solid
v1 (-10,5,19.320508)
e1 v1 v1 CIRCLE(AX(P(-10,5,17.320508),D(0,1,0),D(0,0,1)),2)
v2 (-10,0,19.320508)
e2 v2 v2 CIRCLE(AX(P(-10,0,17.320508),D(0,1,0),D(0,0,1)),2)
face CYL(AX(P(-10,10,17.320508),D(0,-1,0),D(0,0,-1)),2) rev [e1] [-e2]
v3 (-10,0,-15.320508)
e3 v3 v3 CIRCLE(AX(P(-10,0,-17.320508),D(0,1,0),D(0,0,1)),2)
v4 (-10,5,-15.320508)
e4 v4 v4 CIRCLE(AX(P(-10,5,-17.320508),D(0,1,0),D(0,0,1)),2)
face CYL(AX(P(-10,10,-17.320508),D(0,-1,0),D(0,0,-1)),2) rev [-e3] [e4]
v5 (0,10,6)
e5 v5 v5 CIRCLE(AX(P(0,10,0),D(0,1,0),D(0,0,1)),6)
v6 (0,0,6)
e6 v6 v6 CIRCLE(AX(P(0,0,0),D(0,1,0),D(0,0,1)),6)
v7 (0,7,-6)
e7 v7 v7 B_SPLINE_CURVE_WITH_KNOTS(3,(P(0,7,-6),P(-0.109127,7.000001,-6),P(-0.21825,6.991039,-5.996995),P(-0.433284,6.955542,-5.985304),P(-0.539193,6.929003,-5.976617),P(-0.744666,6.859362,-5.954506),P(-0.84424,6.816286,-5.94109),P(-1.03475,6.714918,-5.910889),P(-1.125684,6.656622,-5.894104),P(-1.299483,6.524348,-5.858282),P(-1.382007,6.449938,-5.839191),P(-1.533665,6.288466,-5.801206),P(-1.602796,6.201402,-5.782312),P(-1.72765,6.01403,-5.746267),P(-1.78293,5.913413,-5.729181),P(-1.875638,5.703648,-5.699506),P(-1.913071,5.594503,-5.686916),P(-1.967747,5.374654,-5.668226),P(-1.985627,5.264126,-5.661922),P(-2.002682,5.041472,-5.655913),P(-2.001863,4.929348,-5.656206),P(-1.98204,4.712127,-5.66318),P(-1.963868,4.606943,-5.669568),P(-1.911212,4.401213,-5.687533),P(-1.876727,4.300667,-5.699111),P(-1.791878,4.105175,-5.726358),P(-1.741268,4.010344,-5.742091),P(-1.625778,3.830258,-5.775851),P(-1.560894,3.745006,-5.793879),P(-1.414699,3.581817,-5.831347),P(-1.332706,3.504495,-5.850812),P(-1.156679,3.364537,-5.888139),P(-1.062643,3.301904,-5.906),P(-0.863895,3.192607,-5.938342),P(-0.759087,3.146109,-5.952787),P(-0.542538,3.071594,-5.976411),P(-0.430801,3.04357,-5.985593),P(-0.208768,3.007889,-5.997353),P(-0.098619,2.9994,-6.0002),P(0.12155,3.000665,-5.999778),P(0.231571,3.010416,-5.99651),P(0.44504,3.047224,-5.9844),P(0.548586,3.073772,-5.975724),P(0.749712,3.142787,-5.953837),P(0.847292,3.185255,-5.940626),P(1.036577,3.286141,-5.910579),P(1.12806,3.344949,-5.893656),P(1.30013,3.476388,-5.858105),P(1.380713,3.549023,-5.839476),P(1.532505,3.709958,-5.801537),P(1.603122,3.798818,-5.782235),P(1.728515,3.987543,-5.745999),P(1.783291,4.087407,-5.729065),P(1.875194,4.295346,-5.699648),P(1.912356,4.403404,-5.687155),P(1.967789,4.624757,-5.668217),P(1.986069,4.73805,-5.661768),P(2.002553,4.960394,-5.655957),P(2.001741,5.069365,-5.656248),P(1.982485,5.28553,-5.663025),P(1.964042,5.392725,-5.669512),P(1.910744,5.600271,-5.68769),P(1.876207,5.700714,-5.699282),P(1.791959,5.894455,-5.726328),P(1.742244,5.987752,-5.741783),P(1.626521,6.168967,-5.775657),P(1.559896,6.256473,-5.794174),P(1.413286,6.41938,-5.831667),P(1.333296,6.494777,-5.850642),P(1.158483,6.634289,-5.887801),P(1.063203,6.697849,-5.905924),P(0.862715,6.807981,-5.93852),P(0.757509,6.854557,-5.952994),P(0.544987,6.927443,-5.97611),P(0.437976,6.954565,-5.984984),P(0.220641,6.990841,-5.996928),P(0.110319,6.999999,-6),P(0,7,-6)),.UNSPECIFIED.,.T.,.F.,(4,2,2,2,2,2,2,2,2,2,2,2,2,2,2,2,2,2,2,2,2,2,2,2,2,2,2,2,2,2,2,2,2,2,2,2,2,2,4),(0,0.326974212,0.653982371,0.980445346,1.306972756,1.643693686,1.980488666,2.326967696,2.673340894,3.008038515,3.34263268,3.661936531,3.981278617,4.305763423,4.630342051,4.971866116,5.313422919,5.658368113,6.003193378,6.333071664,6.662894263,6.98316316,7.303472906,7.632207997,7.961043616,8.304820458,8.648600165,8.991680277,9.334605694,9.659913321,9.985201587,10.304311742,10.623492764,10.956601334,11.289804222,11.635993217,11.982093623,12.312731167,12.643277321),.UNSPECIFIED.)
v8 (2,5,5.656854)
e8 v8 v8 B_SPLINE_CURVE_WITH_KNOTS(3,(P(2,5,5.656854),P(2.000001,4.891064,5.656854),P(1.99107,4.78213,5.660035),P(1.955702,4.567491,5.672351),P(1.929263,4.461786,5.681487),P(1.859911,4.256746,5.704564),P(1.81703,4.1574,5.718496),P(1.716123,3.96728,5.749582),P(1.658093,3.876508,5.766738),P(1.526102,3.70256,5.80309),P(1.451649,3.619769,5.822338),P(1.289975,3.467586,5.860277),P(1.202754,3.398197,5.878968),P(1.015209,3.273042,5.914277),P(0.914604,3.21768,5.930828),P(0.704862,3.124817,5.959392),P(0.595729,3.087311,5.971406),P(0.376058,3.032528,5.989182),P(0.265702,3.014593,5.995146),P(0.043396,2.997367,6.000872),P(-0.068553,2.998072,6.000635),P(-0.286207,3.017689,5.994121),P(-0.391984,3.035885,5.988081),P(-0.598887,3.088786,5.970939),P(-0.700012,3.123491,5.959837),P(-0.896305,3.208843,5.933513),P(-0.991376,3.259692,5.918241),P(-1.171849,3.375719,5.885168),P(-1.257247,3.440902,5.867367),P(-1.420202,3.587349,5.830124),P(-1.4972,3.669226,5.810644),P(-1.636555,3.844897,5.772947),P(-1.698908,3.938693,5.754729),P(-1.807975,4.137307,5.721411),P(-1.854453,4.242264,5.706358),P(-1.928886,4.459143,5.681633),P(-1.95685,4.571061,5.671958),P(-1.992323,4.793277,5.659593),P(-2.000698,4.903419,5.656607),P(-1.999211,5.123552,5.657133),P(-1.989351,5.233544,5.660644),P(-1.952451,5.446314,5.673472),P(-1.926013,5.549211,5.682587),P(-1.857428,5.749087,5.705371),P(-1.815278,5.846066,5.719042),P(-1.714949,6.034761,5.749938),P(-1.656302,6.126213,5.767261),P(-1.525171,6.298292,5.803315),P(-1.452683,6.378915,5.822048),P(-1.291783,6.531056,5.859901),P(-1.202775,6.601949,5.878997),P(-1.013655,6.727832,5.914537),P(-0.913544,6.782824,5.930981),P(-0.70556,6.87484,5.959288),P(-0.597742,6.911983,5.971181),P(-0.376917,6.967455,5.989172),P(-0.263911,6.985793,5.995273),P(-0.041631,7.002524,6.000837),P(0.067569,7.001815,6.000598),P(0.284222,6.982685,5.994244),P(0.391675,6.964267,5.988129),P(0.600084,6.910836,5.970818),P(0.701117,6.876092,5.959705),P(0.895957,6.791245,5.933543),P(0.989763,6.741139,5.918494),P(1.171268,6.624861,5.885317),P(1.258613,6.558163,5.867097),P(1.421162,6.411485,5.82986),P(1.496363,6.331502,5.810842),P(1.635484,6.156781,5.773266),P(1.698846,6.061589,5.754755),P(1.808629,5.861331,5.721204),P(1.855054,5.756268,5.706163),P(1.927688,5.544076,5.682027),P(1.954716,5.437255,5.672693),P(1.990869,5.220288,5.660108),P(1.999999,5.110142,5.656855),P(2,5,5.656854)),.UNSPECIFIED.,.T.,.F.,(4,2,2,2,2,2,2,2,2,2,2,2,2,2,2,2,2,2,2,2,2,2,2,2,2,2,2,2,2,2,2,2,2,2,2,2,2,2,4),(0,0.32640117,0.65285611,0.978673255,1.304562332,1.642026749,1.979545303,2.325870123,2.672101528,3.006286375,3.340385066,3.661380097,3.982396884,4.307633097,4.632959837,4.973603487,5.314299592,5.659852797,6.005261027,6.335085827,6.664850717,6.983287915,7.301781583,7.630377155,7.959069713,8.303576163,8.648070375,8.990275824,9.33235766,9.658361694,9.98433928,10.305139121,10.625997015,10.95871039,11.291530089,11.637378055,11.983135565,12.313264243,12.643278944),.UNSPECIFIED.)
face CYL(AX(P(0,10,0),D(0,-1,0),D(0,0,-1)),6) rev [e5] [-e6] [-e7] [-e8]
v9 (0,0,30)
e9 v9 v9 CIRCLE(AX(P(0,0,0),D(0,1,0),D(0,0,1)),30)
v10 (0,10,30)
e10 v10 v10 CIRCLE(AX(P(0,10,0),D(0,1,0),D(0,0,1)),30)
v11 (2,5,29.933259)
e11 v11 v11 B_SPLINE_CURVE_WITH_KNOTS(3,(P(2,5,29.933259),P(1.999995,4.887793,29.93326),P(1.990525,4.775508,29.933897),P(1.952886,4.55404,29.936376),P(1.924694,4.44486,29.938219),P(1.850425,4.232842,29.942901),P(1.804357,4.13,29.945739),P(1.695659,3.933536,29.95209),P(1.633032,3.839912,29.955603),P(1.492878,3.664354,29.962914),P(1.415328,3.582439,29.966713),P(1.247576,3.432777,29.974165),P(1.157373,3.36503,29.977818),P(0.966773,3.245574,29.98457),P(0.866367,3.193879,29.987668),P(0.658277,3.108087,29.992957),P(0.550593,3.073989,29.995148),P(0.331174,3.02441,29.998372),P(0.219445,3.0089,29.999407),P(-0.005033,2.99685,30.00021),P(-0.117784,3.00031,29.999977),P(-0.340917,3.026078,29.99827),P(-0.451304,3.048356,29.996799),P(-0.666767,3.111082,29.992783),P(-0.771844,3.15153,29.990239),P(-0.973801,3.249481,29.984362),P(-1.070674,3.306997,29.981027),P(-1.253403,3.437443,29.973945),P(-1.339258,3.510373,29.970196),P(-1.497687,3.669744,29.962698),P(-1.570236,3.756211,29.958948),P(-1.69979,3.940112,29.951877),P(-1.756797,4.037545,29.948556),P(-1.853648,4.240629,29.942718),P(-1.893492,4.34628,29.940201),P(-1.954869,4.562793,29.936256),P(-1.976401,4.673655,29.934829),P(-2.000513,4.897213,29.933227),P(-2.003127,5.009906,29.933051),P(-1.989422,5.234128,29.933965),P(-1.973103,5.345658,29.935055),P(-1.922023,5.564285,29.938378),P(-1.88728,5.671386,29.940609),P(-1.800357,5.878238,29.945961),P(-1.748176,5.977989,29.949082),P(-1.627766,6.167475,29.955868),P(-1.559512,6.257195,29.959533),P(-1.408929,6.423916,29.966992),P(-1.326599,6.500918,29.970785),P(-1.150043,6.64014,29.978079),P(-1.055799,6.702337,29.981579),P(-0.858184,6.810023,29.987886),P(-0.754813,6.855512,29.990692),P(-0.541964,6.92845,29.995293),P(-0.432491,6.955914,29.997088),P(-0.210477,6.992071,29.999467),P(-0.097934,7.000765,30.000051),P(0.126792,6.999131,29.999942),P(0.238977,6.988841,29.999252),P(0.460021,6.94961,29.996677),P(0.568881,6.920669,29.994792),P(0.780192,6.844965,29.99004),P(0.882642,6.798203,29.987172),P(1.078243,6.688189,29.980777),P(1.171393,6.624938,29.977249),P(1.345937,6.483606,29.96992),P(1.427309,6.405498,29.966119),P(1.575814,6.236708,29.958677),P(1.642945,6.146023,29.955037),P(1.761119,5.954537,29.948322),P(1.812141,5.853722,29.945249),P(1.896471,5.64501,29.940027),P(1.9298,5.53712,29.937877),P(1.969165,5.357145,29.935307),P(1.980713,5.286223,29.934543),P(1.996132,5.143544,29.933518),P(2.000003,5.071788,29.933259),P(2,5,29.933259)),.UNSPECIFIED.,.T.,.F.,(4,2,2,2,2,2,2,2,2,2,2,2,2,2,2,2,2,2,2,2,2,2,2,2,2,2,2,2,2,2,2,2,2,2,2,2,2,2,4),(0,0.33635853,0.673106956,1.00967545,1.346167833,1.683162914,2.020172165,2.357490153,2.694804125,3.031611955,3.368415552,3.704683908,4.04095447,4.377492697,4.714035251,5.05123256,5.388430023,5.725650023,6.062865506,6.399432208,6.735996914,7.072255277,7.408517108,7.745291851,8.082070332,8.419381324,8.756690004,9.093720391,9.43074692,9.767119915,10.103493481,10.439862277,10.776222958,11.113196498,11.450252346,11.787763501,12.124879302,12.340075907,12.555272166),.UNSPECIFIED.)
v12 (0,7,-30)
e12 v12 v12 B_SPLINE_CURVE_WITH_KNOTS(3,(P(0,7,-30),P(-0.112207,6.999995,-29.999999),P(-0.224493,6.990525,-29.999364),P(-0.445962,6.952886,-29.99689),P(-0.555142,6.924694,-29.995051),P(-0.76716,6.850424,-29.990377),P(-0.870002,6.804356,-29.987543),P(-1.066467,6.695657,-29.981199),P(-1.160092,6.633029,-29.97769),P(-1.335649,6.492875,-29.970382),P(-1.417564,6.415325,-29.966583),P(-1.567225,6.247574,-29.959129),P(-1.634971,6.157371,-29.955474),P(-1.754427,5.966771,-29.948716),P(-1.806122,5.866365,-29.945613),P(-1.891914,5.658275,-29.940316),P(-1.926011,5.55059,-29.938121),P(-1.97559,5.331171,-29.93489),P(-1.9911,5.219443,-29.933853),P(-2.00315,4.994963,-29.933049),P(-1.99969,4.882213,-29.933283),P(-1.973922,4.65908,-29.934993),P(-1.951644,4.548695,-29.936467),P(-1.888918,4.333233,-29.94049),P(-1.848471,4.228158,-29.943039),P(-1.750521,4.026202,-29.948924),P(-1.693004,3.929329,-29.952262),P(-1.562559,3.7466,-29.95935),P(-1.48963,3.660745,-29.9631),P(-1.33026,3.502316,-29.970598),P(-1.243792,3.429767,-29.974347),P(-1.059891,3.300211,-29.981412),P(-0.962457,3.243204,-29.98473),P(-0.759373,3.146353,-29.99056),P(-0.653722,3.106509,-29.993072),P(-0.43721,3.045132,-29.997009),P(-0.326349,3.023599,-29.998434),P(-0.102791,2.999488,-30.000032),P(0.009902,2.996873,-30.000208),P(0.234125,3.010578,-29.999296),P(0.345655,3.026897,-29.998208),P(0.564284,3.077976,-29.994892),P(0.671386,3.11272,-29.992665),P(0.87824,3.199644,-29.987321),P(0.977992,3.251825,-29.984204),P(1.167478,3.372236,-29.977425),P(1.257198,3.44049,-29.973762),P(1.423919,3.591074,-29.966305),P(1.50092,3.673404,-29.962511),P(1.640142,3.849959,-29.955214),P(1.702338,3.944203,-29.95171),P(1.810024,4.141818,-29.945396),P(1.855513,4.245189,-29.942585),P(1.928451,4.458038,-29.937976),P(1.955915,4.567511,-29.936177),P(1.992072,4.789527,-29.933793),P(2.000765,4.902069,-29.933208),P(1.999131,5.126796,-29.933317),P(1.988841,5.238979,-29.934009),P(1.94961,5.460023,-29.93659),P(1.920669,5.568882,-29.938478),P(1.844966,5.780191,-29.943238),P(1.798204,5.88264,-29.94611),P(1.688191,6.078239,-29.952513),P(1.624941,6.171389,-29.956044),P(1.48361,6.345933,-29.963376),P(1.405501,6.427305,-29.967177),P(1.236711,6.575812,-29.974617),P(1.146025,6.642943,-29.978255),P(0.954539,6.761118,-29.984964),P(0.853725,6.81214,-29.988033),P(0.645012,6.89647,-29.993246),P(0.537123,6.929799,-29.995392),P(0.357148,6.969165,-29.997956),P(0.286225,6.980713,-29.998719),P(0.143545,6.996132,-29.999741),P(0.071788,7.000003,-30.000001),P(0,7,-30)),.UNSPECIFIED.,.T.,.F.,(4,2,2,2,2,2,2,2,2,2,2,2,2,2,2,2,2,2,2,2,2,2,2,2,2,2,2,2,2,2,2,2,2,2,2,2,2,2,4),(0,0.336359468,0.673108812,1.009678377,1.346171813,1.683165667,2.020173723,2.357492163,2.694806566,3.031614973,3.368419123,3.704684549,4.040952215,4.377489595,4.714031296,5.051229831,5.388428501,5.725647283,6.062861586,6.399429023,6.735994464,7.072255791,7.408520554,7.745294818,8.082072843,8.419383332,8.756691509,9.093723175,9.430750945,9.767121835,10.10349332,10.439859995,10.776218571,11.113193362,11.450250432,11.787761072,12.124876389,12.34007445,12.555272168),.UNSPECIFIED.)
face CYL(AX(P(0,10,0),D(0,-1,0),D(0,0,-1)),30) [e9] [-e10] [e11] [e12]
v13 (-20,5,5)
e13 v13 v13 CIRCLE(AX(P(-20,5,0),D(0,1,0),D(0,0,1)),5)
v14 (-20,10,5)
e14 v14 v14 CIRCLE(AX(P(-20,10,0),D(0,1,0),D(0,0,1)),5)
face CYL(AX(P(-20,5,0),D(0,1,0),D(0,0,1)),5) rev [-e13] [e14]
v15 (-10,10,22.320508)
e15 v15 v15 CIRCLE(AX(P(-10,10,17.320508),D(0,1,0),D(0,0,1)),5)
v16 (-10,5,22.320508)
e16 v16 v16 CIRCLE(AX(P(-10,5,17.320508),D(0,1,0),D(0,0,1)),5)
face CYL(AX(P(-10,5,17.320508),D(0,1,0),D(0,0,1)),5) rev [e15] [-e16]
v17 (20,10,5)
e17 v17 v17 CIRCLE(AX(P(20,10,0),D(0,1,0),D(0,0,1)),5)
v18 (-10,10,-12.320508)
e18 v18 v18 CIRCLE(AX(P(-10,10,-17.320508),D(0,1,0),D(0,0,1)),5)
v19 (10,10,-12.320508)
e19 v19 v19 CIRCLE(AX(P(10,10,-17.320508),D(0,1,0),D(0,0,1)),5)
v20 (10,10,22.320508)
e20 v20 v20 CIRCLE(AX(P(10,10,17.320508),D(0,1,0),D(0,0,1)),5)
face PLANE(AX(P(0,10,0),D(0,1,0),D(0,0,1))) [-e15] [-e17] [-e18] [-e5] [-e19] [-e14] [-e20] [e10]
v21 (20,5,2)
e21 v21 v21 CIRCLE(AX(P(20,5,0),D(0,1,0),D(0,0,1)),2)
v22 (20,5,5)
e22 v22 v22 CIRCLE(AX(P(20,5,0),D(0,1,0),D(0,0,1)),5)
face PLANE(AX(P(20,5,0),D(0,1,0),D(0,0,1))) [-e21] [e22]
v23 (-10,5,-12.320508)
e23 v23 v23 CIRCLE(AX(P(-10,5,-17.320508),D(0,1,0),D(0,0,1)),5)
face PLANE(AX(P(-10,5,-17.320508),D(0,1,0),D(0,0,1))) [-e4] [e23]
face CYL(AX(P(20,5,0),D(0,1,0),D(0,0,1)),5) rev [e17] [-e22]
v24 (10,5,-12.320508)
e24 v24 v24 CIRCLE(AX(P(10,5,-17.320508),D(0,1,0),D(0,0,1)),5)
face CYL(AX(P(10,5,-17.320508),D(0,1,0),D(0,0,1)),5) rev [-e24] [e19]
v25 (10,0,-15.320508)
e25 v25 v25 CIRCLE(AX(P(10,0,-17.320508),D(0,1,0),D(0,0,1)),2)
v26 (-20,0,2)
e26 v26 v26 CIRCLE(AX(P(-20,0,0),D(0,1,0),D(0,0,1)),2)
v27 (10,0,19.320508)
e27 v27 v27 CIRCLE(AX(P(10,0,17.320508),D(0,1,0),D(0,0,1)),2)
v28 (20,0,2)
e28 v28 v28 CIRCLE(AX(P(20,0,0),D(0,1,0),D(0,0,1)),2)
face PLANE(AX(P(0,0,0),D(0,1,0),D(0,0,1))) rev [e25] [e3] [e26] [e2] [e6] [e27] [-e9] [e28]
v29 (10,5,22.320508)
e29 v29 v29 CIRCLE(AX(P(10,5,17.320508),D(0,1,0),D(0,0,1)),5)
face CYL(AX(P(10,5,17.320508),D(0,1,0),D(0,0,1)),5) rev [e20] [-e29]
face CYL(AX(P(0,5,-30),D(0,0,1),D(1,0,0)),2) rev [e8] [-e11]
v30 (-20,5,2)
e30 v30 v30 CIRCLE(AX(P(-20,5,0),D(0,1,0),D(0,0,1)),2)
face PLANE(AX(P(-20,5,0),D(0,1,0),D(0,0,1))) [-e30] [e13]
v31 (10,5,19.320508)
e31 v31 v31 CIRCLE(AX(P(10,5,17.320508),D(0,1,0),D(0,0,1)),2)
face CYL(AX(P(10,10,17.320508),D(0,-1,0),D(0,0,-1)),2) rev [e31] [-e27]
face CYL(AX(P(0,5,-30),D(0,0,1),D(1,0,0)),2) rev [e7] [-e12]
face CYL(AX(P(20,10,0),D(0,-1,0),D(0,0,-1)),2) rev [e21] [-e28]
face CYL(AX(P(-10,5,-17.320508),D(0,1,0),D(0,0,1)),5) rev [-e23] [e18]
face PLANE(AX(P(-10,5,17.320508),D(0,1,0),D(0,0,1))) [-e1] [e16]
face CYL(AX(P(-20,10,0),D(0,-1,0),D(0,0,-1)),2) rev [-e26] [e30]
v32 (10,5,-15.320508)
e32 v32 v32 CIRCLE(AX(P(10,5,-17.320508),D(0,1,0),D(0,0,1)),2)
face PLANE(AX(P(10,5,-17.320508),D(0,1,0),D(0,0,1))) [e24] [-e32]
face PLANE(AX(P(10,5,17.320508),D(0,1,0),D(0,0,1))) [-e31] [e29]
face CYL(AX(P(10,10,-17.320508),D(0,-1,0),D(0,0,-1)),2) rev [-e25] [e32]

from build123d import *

# Parameters (mm, degrees)
SKETCH1_R               = 30
SKETCH1_R_2             = 2
SKETCH1_R_3             = 6
BOSS_EXTRUDE1_DEPTH     = 10
SKETCH2_R               = 2
CUT_EXTRUDE1_DEPTH      = 31
CUT_EXTRUDE1_DEPTH_BACK = 31
SKETCH3_R               = 5
CUT_EXTRUDE2_DEPTH      = 5


with BuildPart() as part:
    # Sketch1 → Boss-Extrude1 (new body)
    with BuildSketch(Plane(origin=(0, 0, 0), x_dir=(1, 0, 0), z_dir=(0, 1, 0))):
        Circle(SKETCH1_R)
        with Locations((20, 0)):
            Circle(SKETCH1_R_2, mode=Mode.SUBTRACT)
        with Locations((10, -17.320508076)):
            Circle(SKETCH1_R_2, mode=Mode.SUBTRACT)
        with Locations((-10, -17.320508076)):
            Circle(SKETCH1_R_2, mode=Mode.SUBTRACT)
        with Locations((-20, 0)):
            Circle(SKETCH1_R_2, mode=Mode.SUBTRACT)
        with Locations((-10, 17.320508076)):
            Circle(SKETCH1_R_2, mode=Mode.SUBTRACT)
        with Locations((10, 17.320508076)):
            Circle(SKETCH1_R_2, mode=Mode.SUBTRACT)
        Circle(SKETCH1_R_3, mode=Mode.SUBTRACT)
    extrude(amount=BOSS_EXTRUDE1_DEPTH)

    # Sketch2 → Cut-Extrude1 (cut, two sides)
    with BuildSketch(Plane.XY) as cut_extrude1_sk:
        with Locations((0, 5)):
            Circle(SKETCH2_R)
    extrude(amount=CUT_EXTRUDE1_DEPTH, mode=Mode.SUBTRACT)
    extrude(cut_extrude1_sk.sketch, amount=-CUT_EXTRUDE1_DEPTH_BACK, mode=Mode.SUBTRACT)

    # Sketch3 → Cut-Extrude2 (cut)
    with BuildSketch(Plane(origin=(0, 10, 0), x_dir=(1, 0, 0), z_dir=(0, 1, 0))):
        with Locations((-10, 17.320508076)):
            Circle(SKETCH3_R)
        with Locations((10, 17.320508076)):
            Circle(SKETCH3_R)
        with Locations((20, 0)):
            Circle(SKETCH3_R)
        with Locations((10, -17.320508076)):
            Circle(SKETCH3_R)
        with Locations((-10, -17.320508076)):
            Circle(SKETCH3_R)
        with Locations((-20, 0)):
            Circle(SKETCH3_R)
    extrude(amount=-CUT_EXTRUDE2_DEPTH, mode=Mode.SUBTRACT)


solid = part.part
